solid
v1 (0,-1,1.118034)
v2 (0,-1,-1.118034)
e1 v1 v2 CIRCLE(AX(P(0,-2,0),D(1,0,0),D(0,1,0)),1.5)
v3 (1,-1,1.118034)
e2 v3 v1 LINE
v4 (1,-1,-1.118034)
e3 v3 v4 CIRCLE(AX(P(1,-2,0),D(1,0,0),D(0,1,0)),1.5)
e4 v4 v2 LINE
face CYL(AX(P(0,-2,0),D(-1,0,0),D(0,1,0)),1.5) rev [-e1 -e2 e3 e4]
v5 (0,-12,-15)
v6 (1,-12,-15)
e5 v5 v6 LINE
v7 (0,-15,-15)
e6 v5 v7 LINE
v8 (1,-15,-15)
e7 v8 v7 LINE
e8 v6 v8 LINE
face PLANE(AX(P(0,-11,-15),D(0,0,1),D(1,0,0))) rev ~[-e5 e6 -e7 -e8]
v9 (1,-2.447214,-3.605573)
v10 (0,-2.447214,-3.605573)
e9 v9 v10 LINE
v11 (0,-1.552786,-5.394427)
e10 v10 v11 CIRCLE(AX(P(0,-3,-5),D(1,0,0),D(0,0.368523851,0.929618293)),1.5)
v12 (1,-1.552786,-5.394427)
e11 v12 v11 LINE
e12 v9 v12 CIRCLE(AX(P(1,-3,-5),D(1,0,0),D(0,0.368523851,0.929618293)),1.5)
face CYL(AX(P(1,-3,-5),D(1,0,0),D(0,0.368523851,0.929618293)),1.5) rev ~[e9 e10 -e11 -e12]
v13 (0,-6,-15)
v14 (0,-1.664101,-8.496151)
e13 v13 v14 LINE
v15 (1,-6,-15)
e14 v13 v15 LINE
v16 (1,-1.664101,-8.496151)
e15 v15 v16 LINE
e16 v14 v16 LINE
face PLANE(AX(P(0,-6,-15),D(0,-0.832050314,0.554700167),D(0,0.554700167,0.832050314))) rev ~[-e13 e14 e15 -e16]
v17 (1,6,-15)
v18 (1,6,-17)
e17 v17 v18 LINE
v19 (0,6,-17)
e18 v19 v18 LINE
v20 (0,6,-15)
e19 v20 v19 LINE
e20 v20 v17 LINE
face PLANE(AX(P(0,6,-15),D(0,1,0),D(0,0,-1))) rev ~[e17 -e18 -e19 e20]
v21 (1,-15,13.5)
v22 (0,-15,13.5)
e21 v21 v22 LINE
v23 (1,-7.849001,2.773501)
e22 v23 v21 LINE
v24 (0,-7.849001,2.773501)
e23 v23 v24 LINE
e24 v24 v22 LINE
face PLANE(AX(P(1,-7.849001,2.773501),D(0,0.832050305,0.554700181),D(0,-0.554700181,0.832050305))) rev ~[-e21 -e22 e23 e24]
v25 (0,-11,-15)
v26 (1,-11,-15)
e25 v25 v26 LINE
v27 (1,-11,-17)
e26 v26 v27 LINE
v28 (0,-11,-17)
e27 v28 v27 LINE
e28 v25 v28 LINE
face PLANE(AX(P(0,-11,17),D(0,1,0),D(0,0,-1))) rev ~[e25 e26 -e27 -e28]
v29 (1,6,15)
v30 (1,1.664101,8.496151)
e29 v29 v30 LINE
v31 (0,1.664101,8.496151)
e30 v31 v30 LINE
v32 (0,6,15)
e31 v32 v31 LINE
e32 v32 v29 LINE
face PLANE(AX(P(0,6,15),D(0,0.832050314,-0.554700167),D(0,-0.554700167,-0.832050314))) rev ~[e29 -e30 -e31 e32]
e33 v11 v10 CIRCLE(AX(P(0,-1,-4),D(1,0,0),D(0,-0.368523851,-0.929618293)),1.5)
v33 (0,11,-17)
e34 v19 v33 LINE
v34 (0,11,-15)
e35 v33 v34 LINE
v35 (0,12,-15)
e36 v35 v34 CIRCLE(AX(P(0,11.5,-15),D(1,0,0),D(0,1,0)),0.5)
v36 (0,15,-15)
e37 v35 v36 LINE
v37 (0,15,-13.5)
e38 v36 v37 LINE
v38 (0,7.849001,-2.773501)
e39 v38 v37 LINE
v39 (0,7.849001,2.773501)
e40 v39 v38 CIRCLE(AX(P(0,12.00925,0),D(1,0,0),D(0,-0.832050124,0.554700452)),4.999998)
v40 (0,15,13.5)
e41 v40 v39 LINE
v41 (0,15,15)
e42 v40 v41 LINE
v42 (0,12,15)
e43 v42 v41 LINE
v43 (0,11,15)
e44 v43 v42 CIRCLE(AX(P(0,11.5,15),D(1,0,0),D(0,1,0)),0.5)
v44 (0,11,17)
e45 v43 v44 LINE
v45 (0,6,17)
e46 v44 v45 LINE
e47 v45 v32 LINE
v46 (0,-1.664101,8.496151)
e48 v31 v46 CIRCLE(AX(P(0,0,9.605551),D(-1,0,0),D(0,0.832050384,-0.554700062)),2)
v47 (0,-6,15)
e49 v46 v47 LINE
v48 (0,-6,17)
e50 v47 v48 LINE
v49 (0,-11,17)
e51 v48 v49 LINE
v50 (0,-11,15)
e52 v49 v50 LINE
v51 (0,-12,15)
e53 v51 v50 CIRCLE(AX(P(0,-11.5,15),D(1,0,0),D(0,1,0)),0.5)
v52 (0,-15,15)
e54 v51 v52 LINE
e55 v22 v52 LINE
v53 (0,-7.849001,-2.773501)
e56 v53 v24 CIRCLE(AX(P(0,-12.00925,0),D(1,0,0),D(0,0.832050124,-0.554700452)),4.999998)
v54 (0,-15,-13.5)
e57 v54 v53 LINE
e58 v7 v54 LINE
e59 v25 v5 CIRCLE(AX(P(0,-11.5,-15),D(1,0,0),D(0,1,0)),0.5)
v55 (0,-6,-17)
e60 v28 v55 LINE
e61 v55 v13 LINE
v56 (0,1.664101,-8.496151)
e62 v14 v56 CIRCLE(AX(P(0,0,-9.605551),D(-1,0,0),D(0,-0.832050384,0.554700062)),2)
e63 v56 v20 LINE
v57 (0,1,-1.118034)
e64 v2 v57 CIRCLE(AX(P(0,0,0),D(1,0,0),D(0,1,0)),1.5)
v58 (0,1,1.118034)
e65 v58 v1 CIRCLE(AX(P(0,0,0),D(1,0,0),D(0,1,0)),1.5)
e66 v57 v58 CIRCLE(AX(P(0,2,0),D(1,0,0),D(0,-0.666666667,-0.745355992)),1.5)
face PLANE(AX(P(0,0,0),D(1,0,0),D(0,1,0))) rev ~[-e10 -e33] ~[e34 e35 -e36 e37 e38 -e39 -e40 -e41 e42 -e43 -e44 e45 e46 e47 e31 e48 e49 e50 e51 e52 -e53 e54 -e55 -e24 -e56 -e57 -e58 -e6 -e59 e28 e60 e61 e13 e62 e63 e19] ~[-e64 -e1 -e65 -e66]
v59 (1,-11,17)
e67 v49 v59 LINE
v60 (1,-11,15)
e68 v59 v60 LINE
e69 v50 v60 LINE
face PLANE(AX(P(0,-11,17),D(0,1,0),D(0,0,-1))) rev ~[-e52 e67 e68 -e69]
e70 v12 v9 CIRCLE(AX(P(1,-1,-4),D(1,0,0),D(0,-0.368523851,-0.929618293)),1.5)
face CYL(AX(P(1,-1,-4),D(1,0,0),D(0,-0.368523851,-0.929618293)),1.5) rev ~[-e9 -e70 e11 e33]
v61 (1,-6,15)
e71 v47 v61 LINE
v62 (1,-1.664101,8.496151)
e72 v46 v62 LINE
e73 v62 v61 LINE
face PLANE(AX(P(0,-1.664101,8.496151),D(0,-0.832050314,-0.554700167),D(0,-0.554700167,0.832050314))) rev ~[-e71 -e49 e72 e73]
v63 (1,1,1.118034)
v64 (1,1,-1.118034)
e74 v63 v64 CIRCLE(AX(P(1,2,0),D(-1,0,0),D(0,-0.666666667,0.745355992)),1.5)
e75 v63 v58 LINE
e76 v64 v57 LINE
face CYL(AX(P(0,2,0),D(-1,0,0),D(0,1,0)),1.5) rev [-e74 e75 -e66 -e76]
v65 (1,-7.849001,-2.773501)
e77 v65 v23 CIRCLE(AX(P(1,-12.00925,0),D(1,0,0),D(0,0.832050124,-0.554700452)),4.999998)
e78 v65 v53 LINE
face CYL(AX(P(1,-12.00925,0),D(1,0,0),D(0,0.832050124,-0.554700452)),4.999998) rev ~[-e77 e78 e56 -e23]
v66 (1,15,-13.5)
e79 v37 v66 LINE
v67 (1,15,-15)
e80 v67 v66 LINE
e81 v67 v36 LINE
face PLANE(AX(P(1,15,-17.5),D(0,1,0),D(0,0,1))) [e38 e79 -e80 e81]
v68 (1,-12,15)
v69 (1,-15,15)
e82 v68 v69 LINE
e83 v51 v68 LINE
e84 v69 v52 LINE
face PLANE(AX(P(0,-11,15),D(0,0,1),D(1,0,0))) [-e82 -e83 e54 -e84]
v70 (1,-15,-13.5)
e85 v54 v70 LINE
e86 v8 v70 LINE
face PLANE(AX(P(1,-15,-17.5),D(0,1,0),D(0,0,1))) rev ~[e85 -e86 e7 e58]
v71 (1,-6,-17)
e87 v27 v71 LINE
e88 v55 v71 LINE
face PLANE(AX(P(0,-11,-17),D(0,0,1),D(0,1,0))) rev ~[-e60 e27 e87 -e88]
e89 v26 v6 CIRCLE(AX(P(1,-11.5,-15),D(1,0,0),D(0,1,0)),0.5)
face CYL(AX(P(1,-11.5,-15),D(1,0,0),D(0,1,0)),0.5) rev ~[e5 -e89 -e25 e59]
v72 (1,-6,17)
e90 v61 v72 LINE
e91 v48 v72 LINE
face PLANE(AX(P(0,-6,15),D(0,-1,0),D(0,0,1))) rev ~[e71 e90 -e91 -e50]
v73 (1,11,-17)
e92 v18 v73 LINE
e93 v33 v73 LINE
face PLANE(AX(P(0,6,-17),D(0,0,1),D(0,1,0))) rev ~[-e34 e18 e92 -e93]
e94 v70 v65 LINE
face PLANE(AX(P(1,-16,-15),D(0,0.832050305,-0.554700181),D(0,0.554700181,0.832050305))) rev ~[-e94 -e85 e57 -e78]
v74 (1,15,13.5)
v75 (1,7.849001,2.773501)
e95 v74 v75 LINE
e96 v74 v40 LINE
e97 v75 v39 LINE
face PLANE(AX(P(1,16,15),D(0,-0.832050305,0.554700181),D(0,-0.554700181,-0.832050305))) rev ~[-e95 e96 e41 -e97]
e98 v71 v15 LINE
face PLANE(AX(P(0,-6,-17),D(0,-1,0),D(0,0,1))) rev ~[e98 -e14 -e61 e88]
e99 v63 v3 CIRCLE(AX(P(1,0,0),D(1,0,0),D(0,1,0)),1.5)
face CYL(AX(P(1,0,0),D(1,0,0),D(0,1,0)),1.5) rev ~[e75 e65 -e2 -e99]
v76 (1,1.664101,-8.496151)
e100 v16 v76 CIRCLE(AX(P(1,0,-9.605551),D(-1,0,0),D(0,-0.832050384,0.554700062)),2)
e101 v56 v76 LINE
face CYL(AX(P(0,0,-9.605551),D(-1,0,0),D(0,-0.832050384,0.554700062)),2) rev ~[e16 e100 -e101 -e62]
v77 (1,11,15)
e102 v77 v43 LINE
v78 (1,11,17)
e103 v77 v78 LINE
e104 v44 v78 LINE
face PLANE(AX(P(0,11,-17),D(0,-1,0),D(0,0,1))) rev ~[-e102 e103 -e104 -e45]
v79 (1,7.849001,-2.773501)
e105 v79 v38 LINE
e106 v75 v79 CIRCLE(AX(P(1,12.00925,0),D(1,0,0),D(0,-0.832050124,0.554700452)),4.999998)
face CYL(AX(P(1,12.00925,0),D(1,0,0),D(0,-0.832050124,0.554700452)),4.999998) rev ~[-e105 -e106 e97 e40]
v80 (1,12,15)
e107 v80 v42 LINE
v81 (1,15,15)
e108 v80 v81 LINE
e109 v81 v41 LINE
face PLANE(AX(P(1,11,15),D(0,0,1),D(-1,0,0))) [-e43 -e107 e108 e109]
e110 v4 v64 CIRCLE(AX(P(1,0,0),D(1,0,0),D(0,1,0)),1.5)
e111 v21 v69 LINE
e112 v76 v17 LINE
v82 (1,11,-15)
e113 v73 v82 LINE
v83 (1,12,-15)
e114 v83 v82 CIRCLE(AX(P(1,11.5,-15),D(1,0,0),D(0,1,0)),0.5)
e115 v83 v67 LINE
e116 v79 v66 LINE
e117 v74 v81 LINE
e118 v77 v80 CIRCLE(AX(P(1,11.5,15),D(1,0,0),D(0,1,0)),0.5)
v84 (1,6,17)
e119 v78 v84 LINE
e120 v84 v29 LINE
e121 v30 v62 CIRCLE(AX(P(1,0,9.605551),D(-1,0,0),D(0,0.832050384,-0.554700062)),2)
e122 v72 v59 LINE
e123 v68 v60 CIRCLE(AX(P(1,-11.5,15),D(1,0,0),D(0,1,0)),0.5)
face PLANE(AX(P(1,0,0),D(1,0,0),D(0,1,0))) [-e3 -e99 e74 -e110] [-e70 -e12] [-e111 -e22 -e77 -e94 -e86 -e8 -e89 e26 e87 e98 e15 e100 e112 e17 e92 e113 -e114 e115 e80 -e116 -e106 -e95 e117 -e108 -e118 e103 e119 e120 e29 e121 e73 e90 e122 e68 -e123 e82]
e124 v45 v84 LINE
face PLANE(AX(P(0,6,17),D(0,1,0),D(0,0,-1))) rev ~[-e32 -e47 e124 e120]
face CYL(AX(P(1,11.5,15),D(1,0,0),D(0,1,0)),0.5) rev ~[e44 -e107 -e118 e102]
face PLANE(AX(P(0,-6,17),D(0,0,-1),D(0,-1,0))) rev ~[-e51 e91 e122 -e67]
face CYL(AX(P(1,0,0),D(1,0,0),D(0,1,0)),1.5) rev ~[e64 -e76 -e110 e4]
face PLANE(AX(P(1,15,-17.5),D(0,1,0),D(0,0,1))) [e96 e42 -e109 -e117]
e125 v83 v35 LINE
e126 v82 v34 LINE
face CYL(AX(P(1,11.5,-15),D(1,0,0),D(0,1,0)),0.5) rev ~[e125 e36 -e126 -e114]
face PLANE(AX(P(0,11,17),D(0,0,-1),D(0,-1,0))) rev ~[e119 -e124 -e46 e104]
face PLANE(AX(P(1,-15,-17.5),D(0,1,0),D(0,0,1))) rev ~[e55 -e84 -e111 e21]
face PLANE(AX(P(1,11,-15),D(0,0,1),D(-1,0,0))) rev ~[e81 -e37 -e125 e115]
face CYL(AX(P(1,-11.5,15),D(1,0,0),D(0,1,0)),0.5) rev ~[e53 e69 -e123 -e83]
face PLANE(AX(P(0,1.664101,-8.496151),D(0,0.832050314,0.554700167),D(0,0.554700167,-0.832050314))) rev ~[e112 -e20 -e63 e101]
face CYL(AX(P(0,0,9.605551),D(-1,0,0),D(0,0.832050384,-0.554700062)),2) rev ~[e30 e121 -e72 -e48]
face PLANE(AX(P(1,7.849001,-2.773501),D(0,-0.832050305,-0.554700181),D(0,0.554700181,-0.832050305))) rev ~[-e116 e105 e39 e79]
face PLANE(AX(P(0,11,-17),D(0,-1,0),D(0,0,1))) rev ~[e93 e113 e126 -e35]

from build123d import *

# Parameters (mm, degrees)
F0_R      = 1.5
F1_DEPTH  = 1
F2_W      = 1
F2_H      = 30
F3_DEPTH  = 5
F4_W      = 1
F4_H      = 30
F5_DEPTH  = 5
F6_R      = 0.5
F7_DEPTH  = 25
F9_DEPTH  = 25
F10_W     = 5
F10_H     = 35
F11_DEPTH = 25
F12_R     = 1.5
F13_DEPTH = 25


with BuildPart() as f1:
    # F0 (on Right) → F1 (new body)
    with BuildSketch(Plane.YZ):
        with BuildLine():
            Line((-6, 17), (-11, 17))
            Line((-11, 17), (-11, 0))
            Line((-11, 0), (-11, -17))
            Line((-11, -17), (-6, -17))
            Line((-6, -17), (-6, -15))
            Line((-6, -15), (-1.664101, -8.496151))
            ThreePointArc((-1.664101, -8.496151), (0, -7.605551), (1.664101, -8.496151))
            Line((1.664101, -8.496151), (6, -15))
            Line((6, -15), (6, -17))
            Line((6, -17), (11, -17))
            Line((11, -17), (11, 0))
            Line((11, 0), (11, 17))
            Line((11, 17), (6, 17))
            Line((6, 17), (6, 15))
            Line((6, 15), (1.664101, 8.496151))
            ThreePointArc((1.664101, 8.496151), (0, 7.605551), (-1.664101, 8.496151))
            Line((-1.664101, 8.496151), (-6, 15))
            Line((-6, 15), (-6, 17))
        make_face()
        with Locations((-2, 0)):
            Circle(F0_R, mode=Mode.SUBTRACT)
        with Locations((2, 0)):
            Circle(F0_R, mode=Mode.SUBTRACT)
    extrude(amount=F1_DEPTH)

    # F2 (on face) → F3 (join)
    with BuildSketch(Plane.XZ.offset(11)):
        with Locations((0.5, 0)):
            Rectangle(F2_W, F2_H)
    extrude(amount=F3_DEPTH)

    # F4 (on face) → F5 (join)
    with BuildSketch(Plane(origin=(0, 11, 0), x_dir=(-1, 0, 0), z_dir=(0, 1, 0))):
        with Locations((-0.5, 0)):
            Rectangle(F4_W, F4_H)
    extrude(amount=F5_DEPTH)

    # F6 (on face) → F7 (cut)
    with BuildSketch(Plane.YZ.offset(1)):
        with Locations((-11.5, 15)):
            Circle(F6_R)
        with Locations((11.5, 15)):
            Circle(F6_R)
        with Locations((-11.5, -15)):
            Circle(F6_R)
        with Locations((11.5, -15)):
            Circle(F6_R)
    extrude(amount=-F7_DEPTH, mode=Mode.SUBTRACT)

    # F8 (on face) → F9 (cut)
    with BuildSketch(Plane.YZ.offset(1)):
        with BuildLine():
            Line((-7.849001, 2.773501), (-16, 15))
            Line((-16, 15), (-16, -15))
            Line((-16, -15), (-7.849001, -2.773501))
            ThreePointArc((-7.849001, -2.773501), (-7.009252, 0), (-7.849001, 2.773501))
        make_face()
        with BuildLine():
            Line((16, -15), (16, 15))
            Line((16, 15), (7.849001, 2.773501))
            ThreePointArc((7.849001, 2.773501), (7.009252, 0), (7.849001, -2.773501))
            Line((7.849001, -2.773501), (16, -15))
        make_face()
    extrude(amount=-F9_DEPTH, mode=Mode.SUBTRACT)

    # F10 (on face) → F11 (cut)
    with BuildSketch(Plane.YZ.offset(1)):
        with Locations((-17.5, 0)):
            Rectangle(F10_W, F10_H)
        with Locations((17.5, 0)):
            Rectangle(F10_W, F10_H)
    extrude(amount=-F11_DEPTH, mode=Mode.SUBTRACT)

    # F12 (on face) → F13 (cut)
    with BuildSketch(Plane.YZ.offset(1)):
        Circle(F12_R)
        with BuildLine():
            ThreePointArc((-2.447214, -3.605573), (-4.341641, -5.67082), (-1.552786, -5.394427))
            ThreePointArc((-1.552786, -5.394427), (0.341641, -3.32918), (-2.447214, -3.605573))
        make_face()
    extrude(amount=-F13_DEPTH, mode=Mode.SUBTRACT)


solid = f1.part
